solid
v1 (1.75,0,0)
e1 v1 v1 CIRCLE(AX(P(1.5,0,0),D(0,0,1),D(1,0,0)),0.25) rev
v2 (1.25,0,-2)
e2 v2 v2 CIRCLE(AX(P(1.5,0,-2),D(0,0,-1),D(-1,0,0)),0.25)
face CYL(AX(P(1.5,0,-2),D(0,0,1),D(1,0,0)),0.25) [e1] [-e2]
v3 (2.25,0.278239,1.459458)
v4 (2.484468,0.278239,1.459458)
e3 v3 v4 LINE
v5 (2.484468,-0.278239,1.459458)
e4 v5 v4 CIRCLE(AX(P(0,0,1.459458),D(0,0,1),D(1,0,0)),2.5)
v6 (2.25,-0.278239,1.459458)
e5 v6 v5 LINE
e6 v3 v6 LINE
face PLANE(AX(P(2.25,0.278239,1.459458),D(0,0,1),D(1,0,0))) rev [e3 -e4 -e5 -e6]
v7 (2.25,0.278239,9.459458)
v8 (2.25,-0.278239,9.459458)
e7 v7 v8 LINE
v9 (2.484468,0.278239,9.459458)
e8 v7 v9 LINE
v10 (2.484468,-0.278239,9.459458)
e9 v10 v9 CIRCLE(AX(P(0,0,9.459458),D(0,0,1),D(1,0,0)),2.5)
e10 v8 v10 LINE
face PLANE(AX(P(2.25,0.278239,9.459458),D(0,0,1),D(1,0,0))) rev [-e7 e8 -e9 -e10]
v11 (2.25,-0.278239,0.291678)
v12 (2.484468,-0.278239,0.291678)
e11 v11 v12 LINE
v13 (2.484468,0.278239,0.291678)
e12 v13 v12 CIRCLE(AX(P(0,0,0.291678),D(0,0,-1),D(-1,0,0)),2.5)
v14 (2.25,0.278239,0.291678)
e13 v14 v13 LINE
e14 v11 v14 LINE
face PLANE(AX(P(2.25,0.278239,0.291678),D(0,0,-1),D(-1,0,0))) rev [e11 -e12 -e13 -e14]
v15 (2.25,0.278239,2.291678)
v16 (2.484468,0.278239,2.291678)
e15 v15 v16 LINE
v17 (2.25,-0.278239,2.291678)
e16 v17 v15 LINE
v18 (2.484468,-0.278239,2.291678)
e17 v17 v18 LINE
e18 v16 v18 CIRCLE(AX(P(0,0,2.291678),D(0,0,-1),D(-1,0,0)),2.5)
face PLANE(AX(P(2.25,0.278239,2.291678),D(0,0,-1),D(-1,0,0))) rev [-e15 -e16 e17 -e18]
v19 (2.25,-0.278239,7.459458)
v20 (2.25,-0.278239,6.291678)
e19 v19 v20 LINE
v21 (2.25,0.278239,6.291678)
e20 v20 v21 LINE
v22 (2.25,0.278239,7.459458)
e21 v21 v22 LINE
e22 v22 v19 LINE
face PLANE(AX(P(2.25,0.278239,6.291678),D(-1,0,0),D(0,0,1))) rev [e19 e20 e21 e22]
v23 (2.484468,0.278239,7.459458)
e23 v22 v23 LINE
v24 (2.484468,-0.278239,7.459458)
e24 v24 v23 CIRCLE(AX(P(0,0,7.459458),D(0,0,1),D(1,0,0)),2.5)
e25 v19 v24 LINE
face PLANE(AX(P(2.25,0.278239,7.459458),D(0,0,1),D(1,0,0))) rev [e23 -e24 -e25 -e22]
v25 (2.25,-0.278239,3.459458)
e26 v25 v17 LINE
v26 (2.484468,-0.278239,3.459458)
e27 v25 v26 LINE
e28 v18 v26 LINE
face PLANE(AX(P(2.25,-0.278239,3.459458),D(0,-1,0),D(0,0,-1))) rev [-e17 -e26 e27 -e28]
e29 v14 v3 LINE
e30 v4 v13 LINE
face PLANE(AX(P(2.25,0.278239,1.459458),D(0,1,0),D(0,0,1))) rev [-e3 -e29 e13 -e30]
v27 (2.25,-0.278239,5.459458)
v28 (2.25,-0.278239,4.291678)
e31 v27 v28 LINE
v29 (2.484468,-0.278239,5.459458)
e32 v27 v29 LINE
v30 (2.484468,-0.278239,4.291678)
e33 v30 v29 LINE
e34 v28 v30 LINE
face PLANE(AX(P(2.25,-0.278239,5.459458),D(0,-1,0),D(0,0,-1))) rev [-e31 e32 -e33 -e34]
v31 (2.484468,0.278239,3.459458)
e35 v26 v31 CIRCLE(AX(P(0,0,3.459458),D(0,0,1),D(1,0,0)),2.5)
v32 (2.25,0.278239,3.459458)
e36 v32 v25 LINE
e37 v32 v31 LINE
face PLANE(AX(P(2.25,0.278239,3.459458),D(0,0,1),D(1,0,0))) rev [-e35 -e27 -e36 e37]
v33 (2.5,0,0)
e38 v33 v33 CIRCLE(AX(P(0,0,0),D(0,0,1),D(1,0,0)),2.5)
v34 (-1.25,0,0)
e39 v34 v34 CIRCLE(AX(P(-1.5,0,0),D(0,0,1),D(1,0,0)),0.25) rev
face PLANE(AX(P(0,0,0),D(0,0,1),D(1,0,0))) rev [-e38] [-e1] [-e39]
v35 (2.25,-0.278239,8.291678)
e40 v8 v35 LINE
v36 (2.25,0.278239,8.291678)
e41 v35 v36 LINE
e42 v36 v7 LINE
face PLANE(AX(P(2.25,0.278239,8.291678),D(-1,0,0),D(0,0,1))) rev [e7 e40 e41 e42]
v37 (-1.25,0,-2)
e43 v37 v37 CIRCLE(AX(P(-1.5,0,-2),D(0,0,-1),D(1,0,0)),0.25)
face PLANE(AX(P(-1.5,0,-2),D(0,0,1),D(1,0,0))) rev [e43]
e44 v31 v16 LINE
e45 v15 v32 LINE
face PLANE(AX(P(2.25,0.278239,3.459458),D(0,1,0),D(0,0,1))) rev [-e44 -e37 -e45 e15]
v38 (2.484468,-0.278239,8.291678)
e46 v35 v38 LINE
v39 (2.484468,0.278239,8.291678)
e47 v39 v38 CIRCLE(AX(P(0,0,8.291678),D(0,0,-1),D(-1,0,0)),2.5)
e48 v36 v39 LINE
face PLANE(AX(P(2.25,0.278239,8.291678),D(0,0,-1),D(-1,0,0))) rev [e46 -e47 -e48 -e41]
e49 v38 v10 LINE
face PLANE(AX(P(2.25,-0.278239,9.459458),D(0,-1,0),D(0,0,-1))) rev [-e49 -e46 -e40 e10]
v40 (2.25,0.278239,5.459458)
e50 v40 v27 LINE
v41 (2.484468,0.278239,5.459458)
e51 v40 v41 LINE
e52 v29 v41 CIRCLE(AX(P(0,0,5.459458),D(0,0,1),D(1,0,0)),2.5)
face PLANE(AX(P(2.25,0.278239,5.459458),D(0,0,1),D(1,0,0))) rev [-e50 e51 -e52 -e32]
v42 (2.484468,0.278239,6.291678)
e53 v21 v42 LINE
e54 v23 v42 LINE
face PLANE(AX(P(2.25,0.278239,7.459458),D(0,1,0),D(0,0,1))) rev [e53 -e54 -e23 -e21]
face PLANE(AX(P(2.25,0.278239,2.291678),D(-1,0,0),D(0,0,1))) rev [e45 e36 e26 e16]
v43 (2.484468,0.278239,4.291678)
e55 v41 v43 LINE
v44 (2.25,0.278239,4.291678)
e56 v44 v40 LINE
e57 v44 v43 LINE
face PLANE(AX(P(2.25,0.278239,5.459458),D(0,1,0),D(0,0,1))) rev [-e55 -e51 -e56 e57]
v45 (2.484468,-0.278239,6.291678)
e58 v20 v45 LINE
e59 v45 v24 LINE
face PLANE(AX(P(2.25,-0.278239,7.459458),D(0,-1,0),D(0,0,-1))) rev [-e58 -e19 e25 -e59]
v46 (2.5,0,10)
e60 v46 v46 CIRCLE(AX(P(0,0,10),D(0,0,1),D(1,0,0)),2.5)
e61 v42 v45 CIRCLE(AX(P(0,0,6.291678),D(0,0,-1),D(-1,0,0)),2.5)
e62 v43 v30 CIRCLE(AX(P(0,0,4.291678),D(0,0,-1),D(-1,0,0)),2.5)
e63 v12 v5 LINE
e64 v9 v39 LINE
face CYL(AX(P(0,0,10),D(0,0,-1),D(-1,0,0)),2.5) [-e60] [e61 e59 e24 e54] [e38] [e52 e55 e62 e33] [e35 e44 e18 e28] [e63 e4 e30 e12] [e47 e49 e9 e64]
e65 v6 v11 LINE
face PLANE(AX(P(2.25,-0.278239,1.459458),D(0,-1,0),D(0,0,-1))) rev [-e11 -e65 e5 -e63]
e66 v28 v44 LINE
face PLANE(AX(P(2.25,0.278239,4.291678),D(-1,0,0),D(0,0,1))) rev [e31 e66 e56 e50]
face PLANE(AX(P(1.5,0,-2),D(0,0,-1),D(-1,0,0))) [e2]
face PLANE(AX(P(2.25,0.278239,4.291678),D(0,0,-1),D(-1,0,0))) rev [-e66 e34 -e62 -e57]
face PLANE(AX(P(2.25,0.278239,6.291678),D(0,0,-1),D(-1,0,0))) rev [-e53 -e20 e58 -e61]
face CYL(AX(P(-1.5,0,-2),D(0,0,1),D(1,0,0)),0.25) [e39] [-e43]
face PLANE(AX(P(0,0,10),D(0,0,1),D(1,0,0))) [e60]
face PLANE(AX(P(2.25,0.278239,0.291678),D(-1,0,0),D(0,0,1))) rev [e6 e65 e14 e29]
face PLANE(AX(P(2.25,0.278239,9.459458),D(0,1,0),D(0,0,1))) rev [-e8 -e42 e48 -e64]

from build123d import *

# Parameters (mm, degrees)
SKETCH_1_R          = 2.5
EXTRUDE_1_DEPTH     = 10
SKETCH_2_R          = 0.25
EXTRUDE_2_DEPTH     = 2
SKETCH_3_W          = 1.167779505
SKETCH_3_H          = 0.556477286
CUT_EXTRUDE_1_DEPTH = 0.25


with BuildPart() as part:
    # 草图1 → 凸台-拉伸1 (new body)
    with BuildSketch(Plane.XY):
        Circle(SKETCH_1_R)
    extrude(amount=EXTRUDE_1_DEPTH)

    # 草图2 → 凸台-拉伸2 (add)
    with BuildSketch(Plane(origin=(0, 0, 0), x_dir=(-1, 0, 0), z_dir=(0, 0, -1))):
        with Locations(Location((-1.5, 0, 0), (0, 0, 180))):
            Circle(SKETCH_2_R)
        with Locations(Location((1.5, 0, 0), (0, 0, 180))):
            Circle(SKETCH_2_R)
    extrude(amount=EXTRUDE_2_DEPTH)

    # 草图3 → 切除-拉伸1 (cut)
    with BuildSketch(Plane(origin=(2.5, 0, 0), x_dir=(0, 0, -1), z_dir=(1, 0, 0))):
        with Locations((-8.875568116, 0)):
            Rectangle(SKETCH_3_W, SKETCH_3_H)
        with Locations((-6.875568116, 0)):
            Rectangle(SKETCH_3_W, SKETCH_3_H)
        with Locations((-4.875568116, 0)):
            Rectangle(SKETCH_3_W, SKETCH_3_H)
        with Locations((-2.875568116, 0)):
            Rectangle(SKETCH_3_W, SKETCH_3_H)
        with Locations((-0.875568116, 0)):
            Rectangle(SKETCH_3_W, SKETCH_3_H)
    extrude(amount=-CUT_EXTRUDE_1_DEPTH, mode=Mode.SUBTRACT)


solid = part.part
